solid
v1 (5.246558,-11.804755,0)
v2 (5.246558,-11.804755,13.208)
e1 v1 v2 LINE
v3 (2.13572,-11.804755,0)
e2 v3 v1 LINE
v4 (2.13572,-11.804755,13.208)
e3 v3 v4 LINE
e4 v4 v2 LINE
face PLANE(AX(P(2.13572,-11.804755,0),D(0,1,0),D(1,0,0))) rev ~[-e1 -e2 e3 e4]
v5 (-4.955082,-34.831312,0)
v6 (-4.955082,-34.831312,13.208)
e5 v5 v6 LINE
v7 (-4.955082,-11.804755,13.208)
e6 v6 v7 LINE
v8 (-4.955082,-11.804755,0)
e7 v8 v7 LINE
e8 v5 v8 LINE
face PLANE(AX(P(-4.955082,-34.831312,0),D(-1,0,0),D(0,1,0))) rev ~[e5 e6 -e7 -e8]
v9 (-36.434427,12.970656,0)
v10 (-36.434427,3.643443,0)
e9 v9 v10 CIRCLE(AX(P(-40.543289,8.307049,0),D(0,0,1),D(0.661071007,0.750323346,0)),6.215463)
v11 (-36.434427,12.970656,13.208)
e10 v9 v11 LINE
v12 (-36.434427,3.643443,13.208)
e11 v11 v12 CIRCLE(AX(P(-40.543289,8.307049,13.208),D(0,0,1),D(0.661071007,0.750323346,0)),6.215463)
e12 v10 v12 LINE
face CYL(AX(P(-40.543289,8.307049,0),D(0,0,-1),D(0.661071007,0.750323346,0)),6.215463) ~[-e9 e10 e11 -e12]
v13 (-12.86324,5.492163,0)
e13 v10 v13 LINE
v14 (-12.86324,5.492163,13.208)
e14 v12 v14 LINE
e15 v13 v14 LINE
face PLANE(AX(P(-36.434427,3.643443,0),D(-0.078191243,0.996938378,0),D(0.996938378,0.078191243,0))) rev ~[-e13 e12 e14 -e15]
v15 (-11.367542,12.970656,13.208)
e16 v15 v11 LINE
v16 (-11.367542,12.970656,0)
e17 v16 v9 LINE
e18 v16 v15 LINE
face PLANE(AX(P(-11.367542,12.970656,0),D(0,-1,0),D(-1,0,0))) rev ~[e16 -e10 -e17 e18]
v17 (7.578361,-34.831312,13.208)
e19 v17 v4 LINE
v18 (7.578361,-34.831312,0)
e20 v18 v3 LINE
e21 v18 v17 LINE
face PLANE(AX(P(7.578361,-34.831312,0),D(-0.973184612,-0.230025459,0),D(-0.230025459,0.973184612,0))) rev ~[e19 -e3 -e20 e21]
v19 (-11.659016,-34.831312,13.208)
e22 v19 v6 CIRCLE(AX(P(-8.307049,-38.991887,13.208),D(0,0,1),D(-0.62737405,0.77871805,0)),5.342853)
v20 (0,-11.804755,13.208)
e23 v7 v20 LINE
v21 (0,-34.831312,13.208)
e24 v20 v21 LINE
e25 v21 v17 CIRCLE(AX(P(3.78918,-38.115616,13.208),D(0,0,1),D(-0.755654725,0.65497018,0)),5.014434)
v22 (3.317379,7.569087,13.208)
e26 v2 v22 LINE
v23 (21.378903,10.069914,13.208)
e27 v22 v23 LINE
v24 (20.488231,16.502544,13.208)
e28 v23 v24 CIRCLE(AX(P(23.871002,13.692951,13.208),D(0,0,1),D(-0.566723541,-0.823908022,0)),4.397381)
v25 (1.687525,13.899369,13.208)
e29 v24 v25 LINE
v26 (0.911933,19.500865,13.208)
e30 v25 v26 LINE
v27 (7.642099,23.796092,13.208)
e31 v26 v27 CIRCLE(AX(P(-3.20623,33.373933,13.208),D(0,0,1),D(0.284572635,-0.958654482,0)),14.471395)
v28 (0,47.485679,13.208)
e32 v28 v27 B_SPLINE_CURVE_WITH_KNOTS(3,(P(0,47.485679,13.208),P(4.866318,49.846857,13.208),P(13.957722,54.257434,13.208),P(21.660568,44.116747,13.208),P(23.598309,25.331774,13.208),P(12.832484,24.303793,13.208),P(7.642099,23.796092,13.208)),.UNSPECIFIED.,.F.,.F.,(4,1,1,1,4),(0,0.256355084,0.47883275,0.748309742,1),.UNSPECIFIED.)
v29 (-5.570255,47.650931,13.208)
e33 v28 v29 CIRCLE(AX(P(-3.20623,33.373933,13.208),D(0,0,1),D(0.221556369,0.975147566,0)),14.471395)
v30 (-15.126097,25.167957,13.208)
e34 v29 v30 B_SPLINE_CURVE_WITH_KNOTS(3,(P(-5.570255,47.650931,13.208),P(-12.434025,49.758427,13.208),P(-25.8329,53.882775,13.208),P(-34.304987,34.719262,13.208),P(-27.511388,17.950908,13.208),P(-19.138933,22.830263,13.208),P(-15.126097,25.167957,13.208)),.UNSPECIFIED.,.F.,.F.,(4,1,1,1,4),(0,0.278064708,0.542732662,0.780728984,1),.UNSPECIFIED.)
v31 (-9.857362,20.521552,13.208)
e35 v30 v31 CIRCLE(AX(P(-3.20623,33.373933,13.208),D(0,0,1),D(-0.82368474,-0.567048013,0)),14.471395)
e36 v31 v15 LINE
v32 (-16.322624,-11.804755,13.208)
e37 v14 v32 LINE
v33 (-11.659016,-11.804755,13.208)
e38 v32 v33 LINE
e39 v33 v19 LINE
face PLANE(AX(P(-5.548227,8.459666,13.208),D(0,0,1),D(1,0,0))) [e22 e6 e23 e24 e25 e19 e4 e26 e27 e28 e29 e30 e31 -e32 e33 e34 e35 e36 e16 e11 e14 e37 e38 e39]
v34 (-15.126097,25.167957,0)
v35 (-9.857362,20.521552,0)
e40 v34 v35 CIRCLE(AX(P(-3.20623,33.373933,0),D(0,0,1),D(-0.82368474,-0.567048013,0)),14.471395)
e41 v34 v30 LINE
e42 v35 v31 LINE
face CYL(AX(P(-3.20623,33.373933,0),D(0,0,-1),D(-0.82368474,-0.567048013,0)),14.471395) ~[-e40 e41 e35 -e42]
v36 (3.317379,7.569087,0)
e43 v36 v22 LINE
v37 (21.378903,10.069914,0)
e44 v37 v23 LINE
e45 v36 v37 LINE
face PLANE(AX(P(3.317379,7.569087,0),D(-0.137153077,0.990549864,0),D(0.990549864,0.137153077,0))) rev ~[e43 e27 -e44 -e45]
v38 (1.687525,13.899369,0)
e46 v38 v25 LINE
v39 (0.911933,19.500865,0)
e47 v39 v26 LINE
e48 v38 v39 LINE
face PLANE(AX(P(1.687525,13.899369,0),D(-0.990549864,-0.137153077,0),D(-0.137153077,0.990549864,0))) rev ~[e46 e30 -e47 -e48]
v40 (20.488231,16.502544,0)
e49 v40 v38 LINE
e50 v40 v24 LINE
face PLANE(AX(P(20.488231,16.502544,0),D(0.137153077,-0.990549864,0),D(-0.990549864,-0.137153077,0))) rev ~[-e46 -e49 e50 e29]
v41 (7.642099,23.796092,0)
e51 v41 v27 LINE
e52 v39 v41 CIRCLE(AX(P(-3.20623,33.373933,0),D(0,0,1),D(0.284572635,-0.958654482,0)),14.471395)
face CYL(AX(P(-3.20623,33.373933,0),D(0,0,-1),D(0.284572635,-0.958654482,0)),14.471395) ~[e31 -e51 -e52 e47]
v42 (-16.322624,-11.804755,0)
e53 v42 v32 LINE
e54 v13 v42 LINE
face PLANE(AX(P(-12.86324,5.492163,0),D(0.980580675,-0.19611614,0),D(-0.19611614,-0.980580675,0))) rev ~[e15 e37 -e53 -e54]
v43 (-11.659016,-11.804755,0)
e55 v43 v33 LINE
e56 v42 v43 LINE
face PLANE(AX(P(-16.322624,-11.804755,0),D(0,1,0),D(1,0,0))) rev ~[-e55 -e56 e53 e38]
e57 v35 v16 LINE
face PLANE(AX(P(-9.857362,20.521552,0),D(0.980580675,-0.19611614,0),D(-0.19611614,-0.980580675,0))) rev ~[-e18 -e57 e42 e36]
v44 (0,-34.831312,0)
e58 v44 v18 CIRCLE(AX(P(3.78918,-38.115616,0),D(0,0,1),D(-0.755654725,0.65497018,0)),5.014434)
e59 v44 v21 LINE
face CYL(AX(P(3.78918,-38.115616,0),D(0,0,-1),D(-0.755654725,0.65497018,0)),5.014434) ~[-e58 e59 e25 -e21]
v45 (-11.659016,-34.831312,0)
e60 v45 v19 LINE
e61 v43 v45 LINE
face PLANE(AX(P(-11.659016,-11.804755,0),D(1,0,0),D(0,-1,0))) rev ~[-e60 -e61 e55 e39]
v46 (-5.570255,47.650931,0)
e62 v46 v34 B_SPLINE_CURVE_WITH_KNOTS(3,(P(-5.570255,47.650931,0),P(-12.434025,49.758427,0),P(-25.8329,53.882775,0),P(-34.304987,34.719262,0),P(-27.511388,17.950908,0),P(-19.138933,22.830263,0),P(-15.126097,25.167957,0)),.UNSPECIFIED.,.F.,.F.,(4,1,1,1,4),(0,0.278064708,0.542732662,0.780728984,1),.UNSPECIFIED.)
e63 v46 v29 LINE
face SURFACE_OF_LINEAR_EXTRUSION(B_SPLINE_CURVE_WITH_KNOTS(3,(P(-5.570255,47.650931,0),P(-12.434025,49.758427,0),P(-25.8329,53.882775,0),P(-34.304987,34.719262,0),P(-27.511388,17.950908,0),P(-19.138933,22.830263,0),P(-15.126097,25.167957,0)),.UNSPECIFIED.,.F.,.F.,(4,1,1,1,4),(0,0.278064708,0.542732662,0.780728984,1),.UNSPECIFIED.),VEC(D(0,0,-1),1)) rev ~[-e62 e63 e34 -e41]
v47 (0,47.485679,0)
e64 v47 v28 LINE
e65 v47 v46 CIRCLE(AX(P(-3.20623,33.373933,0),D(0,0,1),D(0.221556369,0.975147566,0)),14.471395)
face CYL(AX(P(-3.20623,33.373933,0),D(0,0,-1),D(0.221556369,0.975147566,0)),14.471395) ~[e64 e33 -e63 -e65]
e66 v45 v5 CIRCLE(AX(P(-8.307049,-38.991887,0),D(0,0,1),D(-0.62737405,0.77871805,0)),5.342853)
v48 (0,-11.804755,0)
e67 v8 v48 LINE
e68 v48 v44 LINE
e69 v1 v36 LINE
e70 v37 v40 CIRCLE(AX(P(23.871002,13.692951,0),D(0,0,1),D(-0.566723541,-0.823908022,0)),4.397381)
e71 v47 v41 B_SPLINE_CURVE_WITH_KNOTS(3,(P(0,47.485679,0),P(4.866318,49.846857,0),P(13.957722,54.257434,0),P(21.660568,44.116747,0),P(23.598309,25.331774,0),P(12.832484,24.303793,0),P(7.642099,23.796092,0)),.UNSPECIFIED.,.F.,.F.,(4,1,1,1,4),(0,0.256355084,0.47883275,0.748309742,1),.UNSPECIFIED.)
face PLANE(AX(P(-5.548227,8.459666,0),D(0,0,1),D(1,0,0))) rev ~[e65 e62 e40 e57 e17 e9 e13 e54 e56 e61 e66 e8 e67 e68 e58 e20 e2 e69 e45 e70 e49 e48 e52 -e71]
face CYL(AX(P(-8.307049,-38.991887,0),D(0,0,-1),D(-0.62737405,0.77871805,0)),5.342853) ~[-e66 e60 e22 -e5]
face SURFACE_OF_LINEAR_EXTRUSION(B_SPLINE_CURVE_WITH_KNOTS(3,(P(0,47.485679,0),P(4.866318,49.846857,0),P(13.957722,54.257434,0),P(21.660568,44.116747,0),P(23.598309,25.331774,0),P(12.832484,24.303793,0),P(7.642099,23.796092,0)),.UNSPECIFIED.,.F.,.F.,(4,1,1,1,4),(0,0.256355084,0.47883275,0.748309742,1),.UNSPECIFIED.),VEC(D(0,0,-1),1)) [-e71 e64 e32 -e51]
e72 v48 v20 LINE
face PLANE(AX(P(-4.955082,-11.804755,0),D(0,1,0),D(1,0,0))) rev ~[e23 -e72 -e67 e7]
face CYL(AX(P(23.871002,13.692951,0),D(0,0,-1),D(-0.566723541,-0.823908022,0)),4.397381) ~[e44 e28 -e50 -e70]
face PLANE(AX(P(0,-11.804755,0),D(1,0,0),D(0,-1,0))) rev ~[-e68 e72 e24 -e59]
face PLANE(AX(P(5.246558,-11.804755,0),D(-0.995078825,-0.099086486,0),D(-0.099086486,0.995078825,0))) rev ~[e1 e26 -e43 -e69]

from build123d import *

# Parameters (mm, degrees)
F1_DEPTH = 13.208


with BuildPart() as f1:
    # F0 (on Top) → F1 (new body)
    with BuildSketch(Plane.XY):
        with BuildLine():
            Line((1.6875251908, 13.8993691253), (0.9119332828, 19.5008654738))
            ThreePointArc((0.9119332828, 19.5008654738), (4.5790904611, 21.1751601363), (7.6420988616, 23.7960920174))
            add(Edge.make_bspline(
                [(0, 47.4856790349), (4.8663180095, 49.8468566526), (13.957722279, 54.2574336959), (21.6605679154, 44.1167468225), (23.598309448, 25.3317741071), (12.832483909, 24.3037927034), (7.6420988616, 23.7960920174)],
                knots=[0, 0, 0, 0, 0.2563550842, 0.4788327498, 0.7483097421, 1, 1, 1, 1], degree=3))
            ThreePointArc((0, 47.4856790349), (-2.7770979593, 47.8389643368), (-5.5702551362, 47.6509309211))
            add(Edge.make_bspline(
                [(-5.5702551362, 47.6509309211), (-12.4340249149, 49.7584273446), (-25.8328997846, 53.8827746922), (-34.3049869471, 34.7192616157), (-27.5113878855, 17.9509081707), (-19.1389333786, 22.83026337), (-15.1260971142, 25.1679574208)],
                knots=[0, 0, 0, 0, 0.2780647075, 0.5427326624, 0.7807289836, 1, 1, 1, 1], degree=3))
            ThreePointArc((-15.1260971142, 25.1679574208), (-12.777947587, 22.5202014188), (-9.857362456, 20.5215517395))
            Line((-9.857362456, 20.5215517395), (-11.3675416112, 12.9706561565))
            Line((-11.3675416112, 12.9706561565), (-36.4344269037, 12.9706561565))
            Line((-36.4344269037, 12.9706561565), (-36.4344269037, 3.6434426438))
            Line((-36.4344269037, 3.6434426438), (-12.8632402586, 5.4921631107))
            Line((-12.8632402586, 5.4921631107), (-16.3226239383, -11.8047548458))
            Line((-16.3226239383, -11.8047548458), (-11.6590159014, -11.8047548458))
            Line((-11.6590159014, -11.8047548458), (-11.6590159014, -34.8313115537))
            Line((-11.6590159014, -34.8313115537), (-4.9550817348, -34.8313115537))
            Line((-4.9550817348, -34.8313115537), (-4.9550817348, -11.8047548458))
            Line((-4.9550817348, -11.8047548458), (0, -11.8047548458))
            Line((0, -11.8047548458), (0, -34.8313115537))
            Line((0, -34.8313115537), (7.5783608481, -34.8313115537))
            Line((7.5783608481, -34.8313115537), (2.135720041, -11.8047548458))
            Line((2.135720041, -11.8047548458), (5.2465582266, -11.8047548458))
            Line((5.2465582266, -11.8047548458), (3.3173785202, 7.5690866787))
            Line((3.3173785202, 7.5690866787), (21.3789032867, 10.0699135264))
            Line((21.3789032867, 10.0699135264), (20.4882312308, 16.5025441632))
            Line((20.4882312308, 16.5025441632), (1.6875251908, 13.8993691253))
        make_face()
        with BuildLine():
            ThreePointArc((21.3789032867, 10.0699135264), (28.2268271678, 14.2960649701), (20.4882312308, 16.5025441632))
            Line((20.4882312308, 16.5025441632), (21.3789032867, 10.0699135264))
        make_face()
        with BuildLine():
            Line((-36.4344269037, 3.6434426438), (-36.4344269037, 12.9706561565))
            ThreePointArc((-36.4344269037, 12.9706561565), (-46.7587517531, 8.3070494002), (-36.4344269037, 3.6434426438))
        make_face()
        with BuildLine():
            ThreePointArc((0, -34.8313115537), (3.7891804241, -43.1300495917), (7.5783608481, -34.8313115537))
            Line((7.5783608481, -34.8313115537), (0, -34.8313115537))
        make_face()
        with BuildLine():
            ThreePointArc((-11.6590159014, -34.8313115537), (-8.3070488181, -44.3347399297), (-4.9550817348, -34.8313115537))
            Line((-4.9550817348, -34.8313115537), (-11.6590159014, -34.8313115537))
        make_face()
    extrude(amount=F1_DEPTH)


solid = f1.part
